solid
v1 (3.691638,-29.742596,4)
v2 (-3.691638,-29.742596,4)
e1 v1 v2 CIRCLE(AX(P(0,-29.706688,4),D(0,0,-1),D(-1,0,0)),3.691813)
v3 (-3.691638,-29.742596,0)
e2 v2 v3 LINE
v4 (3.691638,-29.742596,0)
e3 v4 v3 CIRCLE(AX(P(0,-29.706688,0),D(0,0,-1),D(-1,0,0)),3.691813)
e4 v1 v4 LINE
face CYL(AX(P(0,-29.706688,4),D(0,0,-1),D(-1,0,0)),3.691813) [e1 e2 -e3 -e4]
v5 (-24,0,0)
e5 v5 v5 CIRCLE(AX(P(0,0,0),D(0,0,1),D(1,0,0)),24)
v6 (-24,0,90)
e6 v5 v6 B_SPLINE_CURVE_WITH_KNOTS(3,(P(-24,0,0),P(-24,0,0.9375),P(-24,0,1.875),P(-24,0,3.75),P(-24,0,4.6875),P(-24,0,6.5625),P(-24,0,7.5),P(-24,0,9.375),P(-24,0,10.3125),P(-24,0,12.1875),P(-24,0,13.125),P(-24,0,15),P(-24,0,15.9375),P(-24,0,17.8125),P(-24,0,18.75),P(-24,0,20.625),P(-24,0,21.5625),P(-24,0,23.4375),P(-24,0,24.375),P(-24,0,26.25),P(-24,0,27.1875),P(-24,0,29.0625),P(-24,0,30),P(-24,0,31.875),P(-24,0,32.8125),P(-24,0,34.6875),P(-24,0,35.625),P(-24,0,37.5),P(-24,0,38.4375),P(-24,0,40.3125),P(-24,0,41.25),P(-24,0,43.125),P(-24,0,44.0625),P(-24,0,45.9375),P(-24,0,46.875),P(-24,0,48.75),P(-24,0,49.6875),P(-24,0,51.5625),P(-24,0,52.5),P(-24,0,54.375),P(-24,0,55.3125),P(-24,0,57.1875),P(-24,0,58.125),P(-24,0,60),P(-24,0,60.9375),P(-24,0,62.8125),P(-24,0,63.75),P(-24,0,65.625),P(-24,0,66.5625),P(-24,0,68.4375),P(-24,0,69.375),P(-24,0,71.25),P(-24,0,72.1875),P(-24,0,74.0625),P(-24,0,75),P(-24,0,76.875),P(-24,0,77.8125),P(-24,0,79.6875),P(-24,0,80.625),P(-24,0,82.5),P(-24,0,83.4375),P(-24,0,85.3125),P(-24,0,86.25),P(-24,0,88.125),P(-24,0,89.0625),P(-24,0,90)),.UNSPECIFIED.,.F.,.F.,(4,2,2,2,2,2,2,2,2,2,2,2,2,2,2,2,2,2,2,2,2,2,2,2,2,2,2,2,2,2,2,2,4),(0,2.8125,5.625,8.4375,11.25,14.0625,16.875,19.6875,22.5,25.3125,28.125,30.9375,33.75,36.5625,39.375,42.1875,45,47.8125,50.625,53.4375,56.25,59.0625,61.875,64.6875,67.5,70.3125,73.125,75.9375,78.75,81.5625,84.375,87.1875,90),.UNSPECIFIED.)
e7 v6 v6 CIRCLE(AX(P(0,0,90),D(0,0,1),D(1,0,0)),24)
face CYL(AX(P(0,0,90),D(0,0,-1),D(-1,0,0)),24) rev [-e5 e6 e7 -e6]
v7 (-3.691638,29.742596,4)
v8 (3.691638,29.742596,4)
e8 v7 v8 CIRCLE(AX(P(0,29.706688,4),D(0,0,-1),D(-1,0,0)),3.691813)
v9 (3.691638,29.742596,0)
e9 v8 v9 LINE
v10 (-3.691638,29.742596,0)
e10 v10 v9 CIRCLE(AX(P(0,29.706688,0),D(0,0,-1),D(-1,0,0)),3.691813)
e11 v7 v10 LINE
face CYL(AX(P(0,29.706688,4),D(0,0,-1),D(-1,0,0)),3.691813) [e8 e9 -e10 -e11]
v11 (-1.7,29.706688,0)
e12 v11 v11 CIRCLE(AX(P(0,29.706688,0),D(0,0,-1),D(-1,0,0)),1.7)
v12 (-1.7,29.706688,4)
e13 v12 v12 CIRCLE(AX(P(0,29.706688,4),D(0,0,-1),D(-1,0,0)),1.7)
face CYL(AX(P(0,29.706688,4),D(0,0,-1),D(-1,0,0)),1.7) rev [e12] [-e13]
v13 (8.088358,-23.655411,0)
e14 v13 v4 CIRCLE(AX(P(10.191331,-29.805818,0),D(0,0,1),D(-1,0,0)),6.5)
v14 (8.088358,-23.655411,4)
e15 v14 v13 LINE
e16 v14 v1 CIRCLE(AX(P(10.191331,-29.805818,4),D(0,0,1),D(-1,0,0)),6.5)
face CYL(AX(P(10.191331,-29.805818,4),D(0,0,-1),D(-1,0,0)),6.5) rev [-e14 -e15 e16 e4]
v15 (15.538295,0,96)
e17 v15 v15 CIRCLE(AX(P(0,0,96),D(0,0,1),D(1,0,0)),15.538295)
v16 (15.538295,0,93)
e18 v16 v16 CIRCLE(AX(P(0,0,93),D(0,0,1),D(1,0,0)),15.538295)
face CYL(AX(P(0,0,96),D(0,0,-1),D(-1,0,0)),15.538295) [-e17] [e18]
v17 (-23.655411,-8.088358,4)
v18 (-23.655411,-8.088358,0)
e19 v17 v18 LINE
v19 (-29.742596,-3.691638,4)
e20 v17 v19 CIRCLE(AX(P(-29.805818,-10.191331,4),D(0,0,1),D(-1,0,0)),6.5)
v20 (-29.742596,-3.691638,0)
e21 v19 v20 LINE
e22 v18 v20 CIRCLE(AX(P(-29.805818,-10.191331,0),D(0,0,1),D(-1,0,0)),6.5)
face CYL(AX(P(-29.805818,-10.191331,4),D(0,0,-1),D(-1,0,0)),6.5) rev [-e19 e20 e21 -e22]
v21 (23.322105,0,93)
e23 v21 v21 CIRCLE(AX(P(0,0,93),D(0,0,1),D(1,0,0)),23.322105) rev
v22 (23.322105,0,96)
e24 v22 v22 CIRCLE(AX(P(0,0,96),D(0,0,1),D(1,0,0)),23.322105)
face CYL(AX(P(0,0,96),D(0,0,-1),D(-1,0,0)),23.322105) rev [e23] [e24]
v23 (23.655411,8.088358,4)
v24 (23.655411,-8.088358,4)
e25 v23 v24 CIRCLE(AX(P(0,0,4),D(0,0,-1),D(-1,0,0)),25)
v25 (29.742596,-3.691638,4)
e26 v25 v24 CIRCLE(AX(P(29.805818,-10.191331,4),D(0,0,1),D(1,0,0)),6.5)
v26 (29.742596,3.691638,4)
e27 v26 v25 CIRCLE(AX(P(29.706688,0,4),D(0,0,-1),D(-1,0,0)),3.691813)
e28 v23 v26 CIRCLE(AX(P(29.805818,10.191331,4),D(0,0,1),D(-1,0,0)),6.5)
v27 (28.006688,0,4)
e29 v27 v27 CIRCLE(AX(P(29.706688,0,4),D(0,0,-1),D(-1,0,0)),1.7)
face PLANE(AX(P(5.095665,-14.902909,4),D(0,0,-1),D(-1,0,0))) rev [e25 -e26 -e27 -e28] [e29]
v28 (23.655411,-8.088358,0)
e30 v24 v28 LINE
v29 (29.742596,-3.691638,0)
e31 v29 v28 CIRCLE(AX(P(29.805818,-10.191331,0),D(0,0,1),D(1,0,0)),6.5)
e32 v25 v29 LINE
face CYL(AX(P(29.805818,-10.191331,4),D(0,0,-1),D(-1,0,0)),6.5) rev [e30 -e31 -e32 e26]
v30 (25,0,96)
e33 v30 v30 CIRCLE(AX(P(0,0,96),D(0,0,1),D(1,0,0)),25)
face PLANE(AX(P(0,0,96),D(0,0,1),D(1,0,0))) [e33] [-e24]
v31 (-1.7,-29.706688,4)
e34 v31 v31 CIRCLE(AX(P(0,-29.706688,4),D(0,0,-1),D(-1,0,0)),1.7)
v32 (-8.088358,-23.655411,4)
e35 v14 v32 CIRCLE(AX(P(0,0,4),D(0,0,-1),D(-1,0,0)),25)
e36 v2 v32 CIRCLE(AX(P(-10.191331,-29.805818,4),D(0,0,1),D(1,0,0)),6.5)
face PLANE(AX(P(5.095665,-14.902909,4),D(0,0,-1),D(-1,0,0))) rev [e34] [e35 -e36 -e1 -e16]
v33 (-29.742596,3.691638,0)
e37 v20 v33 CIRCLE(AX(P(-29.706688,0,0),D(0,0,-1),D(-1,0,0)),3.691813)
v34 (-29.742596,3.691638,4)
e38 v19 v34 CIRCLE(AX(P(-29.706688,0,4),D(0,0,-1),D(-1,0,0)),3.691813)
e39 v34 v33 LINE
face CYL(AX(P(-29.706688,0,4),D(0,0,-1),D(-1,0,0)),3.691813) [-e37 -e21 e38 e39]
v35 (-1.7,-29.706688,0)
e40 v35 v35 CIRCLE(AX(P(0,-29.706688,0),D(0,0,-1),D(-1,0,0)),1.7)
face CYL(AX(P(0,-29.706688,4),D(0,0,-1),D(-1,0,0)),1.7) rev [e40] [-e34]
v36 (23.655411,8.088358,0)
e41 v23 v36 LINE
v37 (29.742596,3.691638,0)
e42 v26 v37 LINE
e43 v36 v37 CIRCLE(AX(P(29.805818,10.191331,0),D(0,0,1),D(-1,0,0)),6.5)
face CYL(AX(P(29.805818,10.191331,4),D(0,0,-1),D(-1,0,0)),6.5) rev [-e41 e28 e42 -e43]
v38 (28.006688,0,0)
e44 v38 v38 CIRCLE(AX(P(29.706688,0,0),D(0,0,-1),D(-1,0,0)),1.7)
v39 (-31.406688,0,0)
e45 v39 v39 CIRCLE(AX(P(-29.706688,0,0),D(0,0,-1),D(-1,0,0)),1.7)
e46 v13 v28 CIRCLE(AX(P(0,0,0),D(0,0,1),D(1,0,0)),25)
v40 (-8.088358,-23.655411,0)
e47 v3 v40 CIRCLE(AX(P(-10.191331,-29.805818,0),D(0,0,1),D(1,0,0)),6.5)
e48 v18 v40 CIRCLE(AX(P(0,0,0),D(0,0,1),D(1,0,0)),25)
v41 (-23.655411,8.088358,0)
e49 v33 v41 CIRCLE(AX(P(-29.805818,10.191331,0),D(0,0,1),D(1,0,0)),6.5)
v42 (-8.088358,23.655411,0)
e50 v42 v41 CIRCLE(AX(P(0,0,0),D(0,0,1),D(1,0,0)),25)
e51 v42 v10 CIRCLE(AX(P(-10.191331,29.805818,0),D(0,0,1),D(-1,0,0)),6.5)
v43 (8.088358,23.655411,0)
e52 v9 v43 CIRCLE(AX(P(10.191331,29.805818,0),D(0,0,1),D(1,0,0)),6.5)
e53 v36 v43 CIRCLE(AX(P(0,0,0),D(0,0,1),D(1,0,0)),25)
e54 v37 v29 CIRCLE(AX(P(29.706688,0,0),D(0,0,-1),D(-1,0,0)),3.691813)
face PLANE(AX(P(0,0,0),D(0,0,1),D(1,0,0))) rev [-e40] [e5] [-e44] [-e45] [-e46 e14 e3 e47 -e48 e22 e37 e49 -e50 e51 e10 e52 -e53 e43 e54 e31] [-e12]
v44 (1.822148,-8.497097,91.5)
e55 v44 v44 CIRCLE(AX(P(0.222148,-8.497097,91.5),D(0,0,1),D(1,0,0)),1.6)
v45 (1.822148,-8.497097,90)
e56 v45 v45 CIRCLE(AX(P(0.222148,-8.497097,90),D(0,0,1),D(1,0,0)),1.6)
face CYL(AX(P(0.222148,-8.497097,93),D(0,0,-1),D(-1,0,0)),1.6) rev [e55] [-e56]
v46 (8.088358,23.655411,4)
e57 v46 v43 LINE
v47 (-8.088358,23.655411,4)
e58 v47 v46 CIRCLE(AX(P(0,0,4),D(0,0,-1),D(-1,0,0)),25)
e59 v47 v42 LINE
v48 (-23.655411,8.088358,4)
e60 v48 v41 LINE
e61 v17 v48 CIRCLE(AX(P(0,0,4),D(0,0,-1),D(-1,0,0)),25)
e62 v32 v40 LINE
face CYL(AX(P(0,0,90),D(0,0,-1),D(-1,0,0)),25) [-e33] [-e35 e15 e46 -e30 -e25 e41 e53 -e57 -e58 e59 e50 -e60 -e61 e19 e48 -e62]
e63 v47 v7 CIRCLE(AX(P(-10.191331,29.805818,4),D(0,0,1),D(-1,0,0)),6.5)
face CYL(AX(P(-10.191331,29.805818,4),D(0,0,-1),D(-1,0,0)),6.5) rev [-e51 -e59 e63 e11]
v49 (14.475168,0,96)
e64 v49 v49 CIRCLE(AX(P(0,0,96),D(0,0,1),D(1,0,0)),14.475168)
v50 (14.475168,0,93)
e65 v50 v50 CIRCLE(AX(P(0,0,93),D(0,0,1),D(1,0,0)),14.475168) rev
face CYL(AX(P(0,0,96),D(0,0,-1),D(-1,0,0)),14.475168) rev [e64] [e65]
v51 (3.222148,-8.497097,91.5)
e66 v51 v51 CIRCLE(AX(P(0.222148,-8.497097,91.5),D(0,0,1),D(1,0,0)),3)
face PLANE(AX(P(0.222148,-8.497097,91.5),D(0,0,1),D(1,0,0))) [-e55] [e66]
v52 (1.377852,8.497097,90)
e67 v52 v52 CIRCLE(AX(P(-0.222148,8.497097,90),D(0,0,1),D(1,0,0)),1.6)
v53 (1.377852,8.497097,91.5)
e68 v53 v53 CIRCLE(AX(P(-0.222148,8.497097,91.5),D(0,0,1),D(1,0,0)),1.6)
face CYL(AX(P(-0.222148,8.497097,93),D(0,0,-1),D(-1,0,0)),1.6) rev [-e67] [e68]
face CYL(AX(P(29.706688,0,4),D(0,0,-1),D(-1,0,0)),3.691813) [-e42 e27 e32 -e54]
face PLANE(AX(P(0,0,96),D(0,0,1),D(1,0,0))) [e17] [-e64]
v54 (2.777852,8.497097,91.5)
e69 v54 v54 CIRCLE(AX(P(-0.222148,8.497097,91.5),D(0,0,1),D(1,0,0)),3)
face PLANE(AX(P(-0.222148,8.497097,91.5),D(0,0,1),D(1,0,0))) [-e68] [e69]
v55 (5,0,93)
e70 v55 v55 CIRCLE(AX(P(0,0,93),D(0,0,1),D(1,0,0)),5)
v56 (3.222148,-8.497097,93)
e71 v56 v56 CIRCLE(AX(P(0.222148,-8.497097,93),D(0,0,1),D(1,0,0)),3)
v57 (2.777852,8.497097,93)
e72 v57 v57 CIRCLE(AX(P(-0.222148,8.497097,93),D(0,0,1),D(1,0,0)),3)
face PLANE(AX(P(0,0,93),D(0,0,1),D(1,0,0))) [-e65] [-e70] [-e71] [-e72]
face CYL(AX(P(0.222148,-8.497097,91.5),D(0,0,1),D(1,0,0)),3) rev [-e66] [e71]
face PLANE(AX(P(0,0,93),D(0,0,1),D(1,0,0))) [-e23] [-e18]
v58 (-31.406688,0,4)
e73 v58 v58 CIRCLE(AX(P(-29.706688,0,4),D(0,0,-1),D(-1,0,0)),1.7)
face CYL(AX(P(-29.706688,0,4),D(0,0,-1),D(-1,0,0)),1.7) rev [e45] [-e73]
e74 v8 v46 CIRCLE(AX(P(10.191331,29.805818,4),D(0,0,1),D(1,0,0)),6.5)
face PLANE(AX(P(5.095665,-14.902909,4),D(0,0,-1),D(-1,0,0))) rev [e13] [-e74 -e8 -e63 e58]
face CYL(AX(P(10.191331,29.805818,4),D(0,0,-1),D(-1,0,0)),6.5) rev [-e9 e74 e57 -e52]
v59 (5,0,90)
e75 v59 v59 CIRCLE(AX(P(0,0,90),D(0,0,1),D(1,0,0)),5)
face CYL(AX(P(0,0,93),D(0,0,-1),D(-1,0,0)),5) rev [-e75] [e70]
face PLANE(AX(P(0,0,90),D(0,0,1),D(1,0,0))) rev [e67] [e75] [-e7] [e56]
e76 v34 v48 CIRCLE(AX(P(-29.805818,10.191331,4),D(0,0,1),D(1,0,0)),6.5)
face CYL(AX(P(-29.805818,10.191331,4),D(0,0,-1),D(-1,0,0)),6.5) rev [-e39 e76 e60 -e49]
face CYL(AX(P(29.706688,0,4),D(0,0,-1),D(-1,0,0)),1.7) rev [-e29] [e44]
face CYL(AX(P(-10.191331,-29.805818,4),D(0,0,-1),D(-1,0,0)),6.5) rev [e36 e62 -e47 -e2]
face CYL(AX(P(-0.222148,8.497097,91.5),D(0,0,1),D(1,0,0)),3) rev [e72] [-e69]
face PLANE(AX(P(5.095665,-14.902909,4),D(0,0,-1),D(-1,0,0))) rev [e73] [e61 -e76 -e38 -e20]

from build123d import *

# Parameters (mm, degrees)
SKETCH1_R           = 25
SKETCH1_R_2         = 24
BOSS_EXTRUDE1_DEPTH = 90
SKETCH2_R           = 25
SKETCH2_R_2         = 5
SKETCH2_R_3         = 1.6
BOSS_EXTRUDE2_DEPTH = 3
SKETCH3_R           = 3
CUT_EXTRUDE1_DEPTH  = 1.5
SKETCH4_R           = 1.7
SKETCH4_R_2         = 24
BOSS_EXTRUDE3_DEPTH = 4
SKETCH5_R           = 25
SKETCH5_R_2         = 23.322104889
SKETCH5_R_3         = 15.538295327
SKETCH5_R_4         = 14.475167561
BOSS_EXTRUDE4_DEPTH = 3


with BuildPart() as part:
    # Sketch1 → Boss-Extrude1 (new body)
    with BuildSketch(Plane(origin=(0, 0, 0), x_dir=(0, 1, 0), z_dir=(0, 0, 1))):
        with Locations(Location((0, 0, 0), (0, 0, 90))):
            Circle(SKETCH1_R)
        with Locations(Location((0, 0, 0), (0, 0, 90))):
            Circle(SKETCH1_R_2, mode=Mode.SUBTRACT)
    extrude(amount=BOSS_EXTRUDE1_DEPTH)

    # Sketch2 → Boss-Extrude2 (add)
    with BuildSketch(Plane(origin=(90, 0, 90), x_dir=(0, 1, 0), z_dir=(0, 0, 1))):
        with Locations(Location((0, 90, 0), (0, 0, 90))):
            Circle(SKETCH2_R)
        with Locations(Location((0, 90, 0), (0, 0, 270))):
            Circle(SKETCH2_R_2, mode=Mode.SUBTRACT)
        with Locations(Location((-8.497096587, 89.777852327, 0), (0, 0, 270))):
            Circle(SKETCH2_R_3, mode=Mode.SUBTRACT)
        with Locations(Location((8.497096587, 90.222147673, 0), (0, 0, 270))):
            Circle(SKETCH2_R_3, mode=Mode.SUBTRACT)
    extrude(amount=BOSS_EXTRUDE2_DEPTH)

    # Sketch3 → Cut-Extrude1 (cut)
    with BuildSketch(Plane.XY.offset(93)):
        with Locations((-0.222147673, 8.497096587)):
            Circle(SKETCH3_R)
        with Locations((0.222147673, -8.497096587)):
            Circle(SKETCH3_R)
    extrude(amount=-CUT_EXTRUDE1_DEPTH, mode=Mode.SUBTRACT)

    # Sketch4 → Boss-Extrude3 (add)
    with BuildSketch(Plane(origin=(0, 0, 0), x_dir=(1, 0, 0), z_dir=(0, 0, -1))):
        with BuildLine():
            ThreePointArc((-8.088357722, 23.655410995), (-17.67766953, 17.67766953), (-23.655410995, 8.088357722))
            ThreePointArc((-23.655410995, 8.088357722), (-25.999890745, 4.92208801), (-29.742595978, 3.6916382))
            ThreePointArc((-29.742595978, 3.6916382), (-33.398500606, 0), (-29.742595978, -3.6916382))
            ThreePointArc((-29.742595978, -3.6916382), (-25.999890745, -4.92208801), (-23.655410995, -8.088357722))
            ThreePointArc((-23.655410995, -8.088357722), (-17.67766953, -17.67766953), (-8.088357722, -23.655410995))
            ThreePointArc((-8.088357722, -23.655410995), (-4.92208801, -25.999890745), (-3.6916382, -29.742595978))
            ThreePointArc((-3.6916382, -29.742595978), (0, -33.398500606), (3.6916382, -29.742595978))
            ThreePointArc((3.6916382, -29.742595978), (4.92208801, -25.999890745), (8.088357722, -23.655410995))
            ThreePointArc((8.088357722, -23.655410995), (17.67766953, -17.67766953), (23.655410995, -8.088357722))
            ThreePointArc((23.655410995, -8.088357722), (25.999890745, -4.92208801), (29.742595978, -3.6916382))
            ThreePointArc((29.742595978, -3.6916382), (33.398500606, 0), (29.742595978, 3.6916382))
            ThreePointArc((29.742595978, 3.6916382), (25.999890745, 4.92208801), (23.655410995, 8.088357722))
            ThreePointArc((23.655410995, 8.088357722), (17.67766953, 17.67766953), (8.088357722, 23.655410995))
            ThreePointArc((8.088357722, 23.655410995), (4.92208801, 25.999890745), (3.6916382, 29.742595978))
            ThreePointArc((3.6916382, 29.742595978), (0, 33.398500606), (-3.6916382, 29.742595978))
            ThreePointArc((-3.6916382, 29.742595978), (-4.92208801, 25.999890745), (-8.088357722, 23.655410995))
        make_face()
        with Locations(Location((0, 29.706687772, 0), (0, 0, 180))):
            Circle(SKETCH4_R, mode=Mode.SUBTRACT)
        with Locations(Location((29.706687772, 0, 0), (0, 0, 180))):
            Circle(SKETCH4_R, mode=Mode.SUBTRACT)
        with Locations(Location((0, -29.706687772, 0), (0, 0, 180))):
            Circle(SKETCH4_R, mode=Mode.SUBTRACT)
        with Locations(Location((-29.706687772, 0, 0), (0, 0, 180))):
            Circle(SKETCH4_R, mode=Mode.SUBTRACT)
        with Locations(Location((0, 0, 0), (0, 0, 180))):
            Circle(SKETCH4_R_2, mode=Mode.SUBTRACT)
    extrude(amount=-BOSS_EXTRUDE3_DEPTH)

    # Sketch5 → Boss-Extrude4 (add)
    # profile 1 of 2: a face of its own
    with BuildSketch(Plane.XY.offset(93)):
        with Locations(Location((0, 0, 0), (0, 0, 161.123199836))):
            Circle(SKETCH5_R)
        Circle(SKETCH5_R_2, mode=Mode.SUBTRACT)
    # profile 2 of 2: a face of its own
    with BuildSketch(Plane.XY.offset(93)):
        Circle(SKETCH5_R_3)
        Circle(SKETCH5_R_4, mode=Mode.SUBTRACT)
    extrude(amount=BOSS_EXTRUDE4_DEPTH)


solid = part.part
